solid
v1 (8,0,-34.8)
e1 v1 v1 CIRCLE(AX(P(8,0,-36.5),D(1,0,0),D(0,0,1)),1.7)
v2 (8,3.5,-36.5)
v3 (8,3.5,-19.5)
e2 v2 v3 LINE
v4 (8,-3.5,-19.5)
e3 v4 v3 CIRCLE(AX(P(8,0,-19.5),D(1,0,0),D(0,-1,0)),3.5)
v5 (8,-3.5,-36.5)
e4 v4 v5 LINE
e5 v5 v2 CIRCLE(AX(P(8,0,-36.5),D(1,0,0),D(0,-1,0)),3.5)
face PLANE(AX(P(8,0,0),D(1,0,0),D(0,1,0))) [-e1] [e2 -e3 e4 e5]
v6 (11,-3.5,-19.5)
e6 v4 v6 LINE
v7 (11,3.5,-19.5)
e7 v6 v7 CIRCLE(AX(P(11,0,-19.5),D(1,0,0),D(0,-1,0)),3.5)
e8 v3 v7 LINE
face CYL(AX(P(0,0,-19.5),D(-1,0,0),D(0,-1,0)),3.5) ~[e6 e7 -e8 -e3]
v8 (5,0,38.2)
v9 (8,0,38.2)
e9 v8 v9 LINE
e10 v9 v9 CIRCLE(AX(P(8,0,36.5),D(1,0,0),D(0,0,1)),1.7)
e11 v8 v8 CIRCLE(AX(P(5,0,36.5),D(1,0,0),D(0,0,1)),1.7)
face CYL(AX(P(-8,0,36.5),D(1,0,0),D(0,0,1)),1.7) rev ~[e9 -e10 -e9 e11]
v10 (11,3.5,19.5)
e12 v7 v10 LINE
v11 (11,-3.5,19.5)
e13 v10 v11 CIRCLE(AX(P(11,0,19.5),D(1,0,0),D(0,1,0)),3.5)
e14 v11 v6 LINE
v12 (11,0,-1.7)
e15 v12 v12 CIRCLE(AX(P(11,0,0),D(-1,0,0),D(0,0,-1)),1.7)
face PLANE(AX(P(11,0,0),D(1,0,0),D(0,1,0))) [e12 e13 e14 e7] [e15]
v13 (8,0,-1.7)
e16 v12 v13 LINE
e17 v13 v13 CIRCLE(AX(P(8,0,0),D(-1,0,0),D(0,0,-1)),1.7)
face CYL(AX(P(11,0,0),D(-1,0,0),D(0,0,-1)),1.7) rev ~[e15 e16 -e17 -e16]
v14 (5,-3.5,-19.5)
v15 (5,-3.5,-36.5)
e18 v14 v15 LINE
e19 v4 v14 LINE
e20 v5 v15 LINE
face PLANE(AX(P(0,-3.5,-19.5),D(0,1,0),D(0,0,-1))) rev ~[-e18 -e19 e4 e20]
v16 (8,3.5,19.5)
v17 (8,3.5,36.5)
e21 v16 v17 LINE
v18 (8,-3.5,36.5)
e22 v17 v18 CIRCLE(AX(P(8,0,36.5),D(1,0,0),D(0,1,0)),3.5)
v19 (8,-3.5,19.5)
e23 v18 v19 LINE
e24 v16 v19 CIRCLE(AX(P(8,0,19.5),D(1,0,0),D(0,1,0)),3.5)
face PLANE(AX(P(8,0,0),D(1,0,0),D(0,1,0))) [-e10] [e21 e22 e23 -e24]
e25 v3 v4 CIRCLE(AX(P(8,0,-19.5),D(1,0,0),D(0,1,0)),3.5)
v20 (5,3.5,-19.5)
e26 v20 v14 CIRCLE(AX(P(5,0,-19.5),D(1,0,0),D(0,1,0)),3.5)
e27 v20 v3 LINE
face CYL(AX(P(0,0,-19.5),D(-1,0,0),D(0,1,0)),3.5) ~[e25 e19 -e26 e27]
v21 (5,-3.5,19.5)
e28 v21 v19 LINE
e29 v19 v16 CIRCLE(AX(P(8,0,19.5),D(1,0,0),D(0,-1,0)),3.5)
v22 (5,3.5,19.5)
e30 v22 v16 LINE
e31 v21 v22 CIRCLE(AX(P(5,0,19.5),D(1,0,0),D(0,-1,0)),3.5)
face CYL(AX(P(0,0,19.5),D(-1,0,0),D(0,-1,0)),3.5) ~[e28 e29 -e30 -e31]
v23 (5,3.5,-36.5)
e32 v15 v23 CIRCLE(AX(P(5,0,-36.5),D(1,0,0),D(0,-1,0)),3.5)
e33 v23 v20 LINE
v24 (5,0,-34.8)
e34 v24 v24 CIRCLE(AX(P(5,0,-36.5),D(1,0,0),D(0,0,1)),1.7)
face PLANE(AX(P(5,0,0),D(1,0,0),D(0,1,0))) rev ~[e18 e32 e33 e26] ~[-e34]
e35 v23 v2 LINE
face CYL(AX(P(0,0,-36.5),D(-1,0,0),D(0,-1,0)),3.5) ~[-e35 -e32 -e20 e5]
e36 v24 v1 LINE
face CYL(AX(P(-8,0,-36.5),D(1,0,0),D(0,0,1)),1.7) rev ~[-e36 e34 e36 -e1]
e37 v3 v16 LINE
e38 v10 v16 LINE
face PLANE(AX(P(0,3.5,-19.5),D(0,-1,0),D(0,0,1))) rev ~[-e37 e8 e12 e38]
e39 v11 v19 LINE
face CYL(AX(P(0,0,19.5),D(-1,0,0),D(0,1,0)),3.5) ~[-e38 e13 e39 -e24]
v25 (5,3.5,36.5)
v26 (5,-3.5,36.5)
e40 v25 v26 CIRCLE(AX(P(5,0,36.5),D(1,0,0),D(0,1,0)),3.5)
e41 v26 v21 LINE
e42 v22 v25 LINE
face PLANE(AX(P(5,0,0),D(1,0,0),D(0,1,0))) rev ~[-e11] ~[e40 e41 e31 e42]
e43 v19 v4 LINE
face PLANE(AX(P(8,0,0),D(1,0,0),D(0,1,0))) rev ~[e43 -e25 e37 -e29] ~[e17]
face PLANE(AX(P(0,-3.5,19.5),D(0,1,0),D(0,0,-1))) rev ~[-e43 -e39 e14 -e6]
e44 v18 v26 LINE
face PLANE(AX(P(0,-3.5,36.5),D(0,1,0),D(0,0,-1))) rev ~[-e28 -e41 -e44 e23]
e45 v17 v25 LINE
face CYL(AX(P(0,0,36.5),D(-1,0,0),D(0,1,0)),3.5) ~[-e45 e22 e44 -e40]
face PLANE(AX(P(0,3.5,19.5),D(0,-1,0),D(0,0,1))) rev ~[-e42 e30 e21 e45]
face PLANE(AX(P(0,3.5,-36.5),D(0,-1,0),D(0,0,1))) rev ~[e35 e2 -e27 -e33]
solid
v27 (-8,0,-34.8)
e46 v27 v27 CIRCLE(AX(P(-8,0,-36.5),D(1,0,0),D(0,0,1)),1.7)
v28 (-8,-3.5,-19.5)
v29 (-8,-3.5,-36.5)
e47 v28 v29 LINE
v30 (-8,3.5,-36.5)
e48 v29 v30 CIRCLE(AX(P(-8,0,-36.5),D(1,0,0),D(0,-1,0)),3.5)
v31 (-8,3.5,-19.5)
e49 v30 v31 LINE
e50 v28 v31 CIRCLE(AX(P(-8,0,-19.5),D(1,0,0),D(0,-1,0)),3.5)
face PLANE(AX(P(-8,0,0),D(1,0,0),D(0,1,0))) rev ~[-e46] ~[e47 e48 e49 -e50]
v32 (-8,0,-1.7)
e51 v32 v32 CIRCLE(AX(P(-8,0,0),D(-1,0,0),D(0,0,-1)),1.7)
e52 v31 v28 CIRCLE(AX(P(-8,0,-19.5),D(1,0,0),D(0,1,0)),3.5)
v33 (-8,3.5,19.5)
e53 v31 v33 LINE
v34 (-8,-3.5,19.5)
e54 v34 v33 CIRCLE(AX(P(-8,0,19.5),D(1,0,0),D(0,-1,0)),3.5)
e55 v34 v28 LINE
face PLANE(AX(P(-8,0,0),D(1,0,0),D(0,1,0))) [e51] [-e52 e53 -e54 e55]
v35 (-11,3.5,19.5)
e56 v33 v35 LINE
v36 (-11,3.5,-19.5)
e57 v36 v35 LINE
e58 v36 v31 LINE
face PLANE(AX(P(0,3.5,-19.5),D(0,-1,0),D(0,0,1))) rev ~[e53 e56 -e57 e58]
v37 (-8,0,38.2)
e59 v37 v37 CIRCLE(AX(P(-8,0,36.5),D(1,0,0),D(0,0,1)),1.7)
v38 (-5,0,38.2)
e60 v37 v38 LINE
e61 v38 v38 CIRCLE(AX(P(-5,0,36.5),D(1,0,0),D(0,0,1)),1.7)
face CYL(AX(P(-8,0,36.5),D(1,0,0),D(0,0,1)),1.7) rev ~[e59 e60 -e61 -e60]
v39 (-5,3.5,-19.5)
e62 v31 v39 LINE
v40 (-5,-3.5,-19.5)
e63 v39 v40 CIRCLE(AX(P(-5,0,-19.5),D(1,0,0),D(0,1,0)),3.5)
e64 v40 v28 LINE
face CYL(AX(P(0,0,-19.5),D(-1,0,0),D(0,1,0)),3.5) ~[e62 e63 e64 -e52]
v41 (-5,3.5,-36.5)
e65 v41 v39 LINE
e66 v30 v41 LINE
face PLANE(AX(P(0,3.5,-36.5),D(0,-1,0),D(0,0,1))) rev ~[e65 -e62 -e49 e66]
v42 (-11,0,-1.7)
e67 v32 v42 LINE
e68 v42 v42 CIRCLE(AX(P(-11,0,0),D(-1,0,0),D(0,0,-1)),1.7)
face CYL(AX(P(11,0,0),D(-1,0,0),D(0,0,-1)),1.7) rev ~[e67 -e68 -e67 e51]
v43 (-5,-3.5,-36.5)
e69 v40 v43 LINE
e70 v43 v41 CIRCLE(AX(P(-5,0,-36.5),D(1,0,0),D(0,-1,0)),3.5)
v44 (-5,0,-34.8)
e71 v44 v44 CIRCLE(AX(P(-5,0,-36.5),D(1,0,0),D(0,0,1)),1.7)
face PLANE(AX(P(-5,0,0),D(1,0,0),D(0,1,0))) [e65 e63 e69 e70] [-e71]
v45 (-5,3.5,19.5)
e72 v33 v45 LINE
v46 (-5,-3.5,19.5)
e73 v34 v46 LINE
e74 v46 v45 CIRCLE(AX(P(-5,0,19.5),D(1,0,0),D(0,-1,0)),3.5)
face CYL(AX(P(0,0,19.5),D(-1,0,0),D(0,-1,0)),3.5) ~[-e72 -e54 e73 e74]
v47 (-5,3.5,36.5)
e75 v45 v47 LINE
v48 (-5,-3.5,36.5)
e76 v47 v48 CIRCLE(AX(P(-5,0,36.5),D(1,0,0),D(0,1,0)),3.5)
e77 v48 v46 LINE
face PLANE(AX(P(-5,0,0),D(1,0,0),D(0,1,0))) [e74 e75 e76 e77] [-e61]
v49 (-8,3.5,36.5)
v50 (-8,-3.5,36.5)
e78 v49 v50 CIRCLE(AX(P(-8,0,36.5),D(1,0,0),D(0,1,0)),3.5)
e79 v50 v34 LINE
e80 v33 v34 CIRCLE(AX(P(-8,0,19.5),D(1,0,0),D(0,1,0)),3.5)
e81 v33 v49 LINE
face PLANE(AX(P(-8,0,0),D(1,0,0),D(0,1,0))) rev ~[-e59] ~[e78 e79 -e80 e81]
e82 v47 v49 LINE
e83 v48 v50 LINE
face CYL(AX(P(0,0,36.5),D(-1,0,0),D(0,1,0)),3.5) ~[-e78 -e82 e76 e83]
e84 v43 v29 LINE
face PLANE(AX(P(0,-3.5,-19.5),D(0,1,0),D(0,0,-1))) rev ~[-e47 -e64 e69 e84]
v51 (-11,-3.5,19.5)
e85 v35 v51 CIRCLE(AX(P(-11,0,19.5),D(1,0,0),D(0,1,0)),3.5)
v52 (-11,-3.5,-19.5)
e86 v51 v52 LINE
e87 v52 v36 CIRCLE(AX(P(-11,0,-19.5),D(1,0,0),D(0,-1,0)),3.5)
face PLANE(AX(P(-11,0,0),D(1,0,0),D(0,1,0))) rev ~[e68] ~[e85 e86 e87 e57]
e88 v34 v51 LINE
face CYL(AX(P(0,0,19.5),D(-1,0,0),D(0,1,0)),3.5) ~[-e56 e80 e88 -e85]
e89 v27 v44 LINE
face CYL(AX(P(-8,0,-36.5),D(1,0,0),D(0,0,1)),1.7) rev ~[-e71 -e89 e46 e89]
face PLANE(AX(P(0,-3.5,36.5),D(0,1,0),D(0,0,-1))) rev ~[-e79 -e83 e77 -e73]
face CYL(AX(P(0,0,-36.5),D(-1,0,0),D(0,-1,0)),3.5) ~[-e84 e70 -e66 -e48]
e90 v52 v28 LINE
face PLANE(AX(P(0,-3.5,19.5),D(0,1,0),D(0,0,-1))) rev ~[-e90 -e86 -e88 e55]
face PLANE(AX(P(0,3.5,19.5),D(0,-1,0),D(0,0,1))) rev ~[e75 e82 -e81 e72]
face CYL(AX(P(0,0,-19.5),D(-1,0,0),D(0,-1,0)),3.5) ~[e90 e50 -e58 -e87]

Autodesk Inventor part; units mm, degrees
ref_plane "YZ Plane" through (0, 0, 0) normal (1, 0, 0) x (0, 1, 0)
ref_plane "XZ Plane" through (0, 0, 0) normal (0, 1, 0) x (-1, 0, 0)
ref_plane "XY Plane" through (0, 0, 0) normal (0, 0, 1) x (1, 0, 0)
sketch "Sketch1" plane through (0, 0, 0) normal (1, 0, 0) x (0, 1, 0)
  line L0 (0, -36.5) -> (0, 36.5) construction
  line L1 (3.5, -36.5) -> (3.5, 36.5)
  line L2 (-3.5, 36.5) -> (-3.5, -36.5)
  arc A0 (-3.5, -36.5) -> (3.5, -36.5) centre (0, -36.5) ccw
  arc A1 (3.5, 36.5) -> (-3.5, 36.5) centre (0, 36.5) ccw
  circle A2 centre (0, 36.5) radius 1.5
  circle A3 centre (0, 0) radius 1.5
  circle A4 centre (0, -36.5) radius 1.5
  line L3 (0, -19.5) -> (0, 19.5) construction
  line L4 (3.5, -19.5) -> (3.5, 19.5)
  line L5 (-3.5, 19.5) -> (-3.5, -19.5)
  arc A5 (-3.5, -19.5) -> (3.5, -19.5) centre (0, -19.5) ccw
  arc A6 (3.5, 19.5) -> (-3.5, 19.5) centre (0, 19.5) ccw
  line L6 (0, -36.5) -> (0, -19.5) construction
  line L7 (-3.5, -36.5) -> (-3.5, -19.5)
  line L8 (3.5, -19.5) -> (3.5, -36.5)
  arc A7 (-3.5, -36.5) -> (3.5, -36.5) centre (0, -36.5) ccw
  arc A8 (3.5, -19.5) -> (-3.5, -19.5) centre (0, -19.5) ccw
  line L9 (3.5, 0) -> (-3.5, 0) construction
  line L10 (0, 36.5) -> (0, 19.5) construction
  line L11 (-3.5, 36.5) -> (-3.5, 19.5)
  line L12 (3.5, 19.5) -> (3.5, 36.5)
  arc A9 (3.5, 36.5) -> (-3.5, 36.5) centre (0, 36.5) ccw
  arc A10 (-3.5, 19.5) -> (3.5, 19.5) centre (0, 19.5) ccw
  point P0 (0, -40)
  point P1 (0, 40)
  point P2 (3.5, 19.5)
  point P3 (-3.5, 19.5)
  point P4 (3.5, -19.5)
  point P5 (0, -28)
  point P6 (0, 28)
  point P7 (3.5, 19.5)
  point P8 (-3.5, 19.5)
  point P9 (-3.5, -19.5)
  point P10 (3.5, -19.5)
  dimension "d18" = 80
  dimension "d19" = 3
  dimension "d20" = 7
  dimension "d32" = 39
extrude "Extrusión3" add sketch "Sketch1" along normal mid plane 22 contours A8 L2 A10 L1 | A5 A8 | A10 A6 | A3
extrude "Extrusión4" cut sketch "Sketch1" along normal mid plane 16 contours A8 L2 A10 L1 | A5 A8 | A10 A6 | A3
extrude "Extrusión5" add sketch "Sketch1" along normal mid plane 16 contours A0 L2 A5 L1 | A5 A8 | A6 L2 A1 L1 | A10 A6 | A2 | A4
extrude "Extrusión6" cut sketch "Sketch1" along normal mid plane 10 contours A0 L2 A5 L1 | A5 A8 | A6 L2 A1 L1 | A10 A6 | A2 | A4
sketch "Boceto2" plane through (-8, 0, 0) normal (-1, 0, 0) x (0, 0, 1)
  point P0 (-36.5, 0)
  point P1 (36.5, 0)
hole "Agujero1" at (-8, 0, -36.5) at (-8, 0, 36.5) direction (1, 0, 0) diameter 3.4 end through all clearance for "Tornillo de cabeza plana avellanada ISO 2009/7046" size "M3" standard "ISO"
sketch "Boceto3" plane through (11, 0, 0) normal (1, 0, 0) x (0, 0, -1)
  point P0 (0, 0)
  point P1 (0, 0)
hole "Agujero2" at (11, 0, 0) direction (-1, 0, 0) diameter 3.4 end through all clearance for "Tornillo de cabeza plana avellanada ISO 2009/7046" size "M3" standard "ISO"
equation "\"d35\" = Dedos"
equation "\"Dedos\" = 10"
properties part number "Corredera I" material "Aluminio 6061"
